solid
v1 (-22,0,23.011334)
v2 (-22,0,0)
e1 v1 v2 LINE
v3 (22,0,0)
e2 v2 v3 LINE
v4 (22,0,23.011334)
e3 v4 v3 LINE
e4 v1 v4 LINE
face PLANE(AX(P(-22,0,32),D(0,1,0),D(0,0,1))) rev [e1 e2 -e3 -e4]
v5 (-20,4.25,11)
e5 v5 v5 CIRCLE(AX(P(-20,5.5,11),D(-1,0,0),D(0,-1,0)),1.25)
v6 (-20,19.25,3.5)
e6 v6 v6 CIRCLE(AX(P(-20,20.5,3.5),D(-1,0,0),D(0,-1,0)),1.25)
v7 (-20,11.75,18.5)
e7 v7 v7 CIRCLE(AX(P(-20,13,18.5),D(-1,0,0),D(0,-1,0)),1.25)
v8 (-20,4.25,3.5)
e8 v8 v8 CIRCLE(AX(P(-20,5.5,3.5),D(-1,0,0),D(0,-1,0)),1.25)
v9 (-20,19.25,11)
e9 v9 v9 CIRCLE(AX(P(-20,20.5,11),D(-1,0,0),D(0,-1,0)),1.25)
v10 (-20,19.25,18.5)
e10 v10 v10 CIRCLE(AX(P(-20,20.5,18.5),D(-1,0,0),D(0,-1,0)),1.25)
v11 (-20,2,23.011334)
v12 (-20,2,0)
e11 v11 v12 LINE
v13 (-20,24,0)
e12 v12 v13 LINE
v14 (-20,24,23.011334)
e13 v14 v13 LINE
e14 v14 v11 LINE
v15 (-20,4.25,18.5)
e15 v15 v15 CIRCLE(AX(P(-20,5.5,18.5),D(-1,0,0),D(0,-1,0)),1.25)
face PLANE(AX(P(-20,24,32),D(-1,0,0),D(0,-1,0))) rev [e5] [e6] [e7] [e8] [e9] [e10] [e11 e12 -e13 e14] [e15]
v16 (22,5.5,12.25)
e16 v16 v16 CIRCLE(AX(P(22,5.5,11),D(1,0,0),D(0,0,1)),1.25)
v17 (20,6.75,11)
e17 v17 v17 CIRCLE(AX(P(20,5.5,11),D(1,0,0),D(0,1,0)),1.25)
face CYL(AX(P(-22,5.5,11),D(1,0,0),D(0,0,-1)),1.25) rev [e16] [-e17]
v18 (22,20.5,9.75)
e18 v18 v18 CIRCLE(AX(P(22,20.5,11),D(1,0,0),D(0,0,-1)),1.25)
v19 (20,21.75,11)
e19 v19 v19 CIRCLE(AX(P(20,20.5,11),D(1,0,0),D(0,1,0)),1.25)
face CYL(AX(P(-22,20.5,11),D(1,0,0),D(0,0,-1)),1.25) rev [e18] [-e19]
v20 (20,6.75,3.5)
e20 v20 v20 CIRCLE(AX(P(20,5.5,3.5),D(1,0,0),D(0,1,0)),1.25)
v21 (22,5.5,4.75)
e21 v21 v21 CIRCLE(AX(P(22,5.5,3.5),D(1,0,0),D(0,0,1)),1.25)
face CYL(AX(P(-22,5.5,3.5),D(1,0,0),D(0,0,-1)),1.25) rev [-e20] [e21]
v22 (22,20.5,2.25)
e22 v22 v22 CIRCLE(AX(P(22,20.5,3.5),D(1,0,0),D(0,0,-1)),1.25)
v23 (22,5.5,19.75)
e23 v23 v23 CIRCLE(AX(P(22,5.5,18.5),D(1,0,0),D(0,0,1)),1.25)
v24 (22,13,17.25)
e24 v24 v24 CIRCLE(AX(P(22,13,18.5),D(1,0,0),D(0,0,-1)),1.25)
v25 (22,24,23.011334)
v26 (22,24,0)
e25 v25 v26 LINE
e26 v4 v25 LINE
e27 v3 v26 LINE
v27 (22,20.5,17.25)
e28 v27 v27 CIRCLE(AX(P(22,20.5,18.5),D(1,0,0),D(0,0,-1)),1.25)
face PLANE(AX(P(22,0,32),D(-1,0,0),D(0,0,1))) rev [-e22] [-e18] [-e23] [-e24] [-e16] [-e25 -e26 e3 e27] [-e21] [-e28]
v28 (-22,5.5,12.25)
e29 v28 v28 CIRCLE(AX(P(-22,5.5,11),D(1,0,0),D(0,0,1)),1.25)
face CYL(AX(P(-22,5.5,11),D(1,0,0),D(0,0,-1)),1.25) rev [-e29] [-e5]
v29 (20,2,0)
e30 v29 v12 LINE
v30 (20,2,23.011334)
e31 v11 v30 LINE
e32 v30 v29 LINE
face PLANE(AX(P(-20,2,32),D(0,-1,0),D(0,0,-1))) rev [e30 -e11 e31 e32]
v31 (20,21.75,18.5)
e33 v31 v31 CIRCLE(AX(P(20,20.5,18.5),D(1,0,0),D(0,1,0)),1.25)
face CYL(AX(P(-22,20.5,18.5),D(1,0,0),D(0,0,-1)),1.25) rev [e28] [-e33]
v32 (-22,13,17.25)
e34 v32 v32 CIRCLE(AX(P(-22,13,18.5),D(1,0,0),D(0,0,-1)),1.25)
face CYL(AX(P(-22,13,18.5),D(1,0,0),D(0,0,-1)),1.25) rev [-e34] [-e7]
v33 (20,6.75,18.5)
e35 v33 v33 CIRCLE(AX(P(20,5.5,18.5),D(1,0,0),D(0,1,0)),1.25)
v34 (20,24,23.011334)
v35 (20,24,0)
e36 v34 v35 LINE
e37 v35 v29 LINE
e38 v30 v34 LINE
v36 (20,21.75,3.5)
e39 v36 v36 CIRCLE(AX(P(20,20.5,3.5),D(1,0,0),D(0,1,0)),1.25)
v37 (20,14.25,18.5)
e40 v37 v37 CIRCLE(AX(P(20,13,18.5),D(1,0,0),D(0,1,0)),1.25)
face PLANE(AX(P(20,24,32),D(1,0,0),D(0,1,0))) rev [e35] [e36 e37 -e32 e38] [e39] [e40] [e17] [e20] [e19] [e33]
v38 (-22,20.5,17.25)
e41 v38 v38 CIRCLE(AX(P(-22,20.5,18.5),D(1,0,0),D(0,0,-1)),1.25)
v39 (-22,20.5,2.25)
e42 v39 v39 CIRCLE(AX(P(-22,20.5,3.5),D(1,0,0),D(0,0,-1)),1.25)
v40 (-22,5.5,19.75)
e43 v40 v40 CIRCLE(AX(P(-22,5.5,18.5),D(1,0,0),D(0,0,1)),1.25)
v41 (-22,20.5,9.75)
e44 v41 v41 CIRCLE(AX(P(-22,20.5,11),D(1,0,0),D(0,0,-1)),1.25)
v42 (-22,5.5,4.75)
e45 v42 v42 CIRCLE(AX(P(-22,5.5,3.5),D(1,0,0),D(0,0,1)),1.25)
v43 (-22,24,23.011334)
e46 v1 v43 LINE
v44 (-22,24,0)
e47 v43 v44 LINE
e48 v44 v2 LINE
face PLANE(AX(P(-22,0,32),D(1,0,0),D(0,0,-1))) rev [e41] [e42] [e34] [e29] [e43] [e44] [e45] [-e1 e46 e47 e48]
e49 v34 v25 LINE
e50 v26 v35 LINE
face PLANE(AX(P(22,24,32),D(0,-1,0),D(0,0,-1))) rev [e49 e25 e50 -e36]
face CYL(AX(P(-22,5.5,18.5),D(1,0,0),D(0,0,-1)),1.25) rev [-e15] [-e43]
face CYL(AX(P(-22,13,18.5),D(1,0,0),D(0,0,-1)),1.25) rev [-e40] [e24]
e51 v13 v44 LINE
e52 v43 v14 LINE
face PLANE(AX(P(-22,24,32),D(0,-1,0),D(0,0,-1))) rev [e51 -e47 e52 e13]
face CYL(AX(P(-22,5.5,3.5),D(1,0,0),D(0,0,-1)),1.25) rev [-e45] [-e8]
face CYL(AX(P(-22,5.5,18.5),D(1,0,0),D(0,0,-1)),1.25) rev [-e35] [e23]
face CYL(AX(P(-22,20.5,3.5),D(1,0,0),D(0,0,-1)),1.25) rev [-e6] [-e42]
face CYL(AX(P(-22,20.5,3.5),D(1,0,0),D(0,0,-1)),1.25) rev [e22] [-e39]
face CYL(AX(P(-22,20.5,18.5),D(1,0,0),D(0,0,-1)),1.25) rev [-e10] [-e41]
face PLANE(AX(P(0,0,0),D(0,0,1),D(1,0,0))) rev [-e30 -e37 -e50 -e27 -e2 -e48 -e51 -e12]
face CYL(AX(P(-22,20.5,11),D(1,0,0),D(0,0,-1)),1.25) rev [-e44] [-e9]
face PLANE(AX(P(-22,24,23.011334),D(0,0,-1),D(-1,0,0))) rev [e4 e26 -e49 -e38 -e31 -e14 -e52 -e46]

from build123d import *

# Parameters (mm, degrees)
EXTRUDE_1_DEPTH     = 32
SKETCH_3_R          = 1.25
CUT_EXTRUDE_2_DEPTH = 60.464274989
SKETCH_5_R          = 2.2
CUT_EXTRUDE_3_DEPTH = 45.631827209
SKETCH_6_W          = 8.988665833
SKETCH_6_H          = 24
CUT_EXTRUDE_4_DEPTH = 60.464274989


with BuildPart() as part:
    # 草图1 → 凸台-拉伸1 (new body)
    with BuildSketch(Plane.XY):
        Polygon((-22, 0), (22, 0), (22, 24), (20, 24), (20, 2), (-20, 2), (-20, 24), (-22, 24), align=None)
    extrude(amount=EXTRUDE_1_DEPTH)

    # 草图3 → 切除-拉伸2 (cut, through all)
    with BuildSketch(Plane(origin=(22, 0, 0), x_dir=(0, 0, -1), z_dir=(1, 0, 0))):
        with Locations((-3.5, 20.5)):
            Circle(SKETCH_3_R)
        with Locations((-18.5, 20.5)):
            Circle(SKETCH_3_R)
        with Locations((-11, 20.5)):
            Circle(SKETCH_3_R)
        with Locations(Location((-3.5, 5.5, 0), (0, 0, 270))):
            Circle(SKETCH_3_R)
        with Locations(Location((-11, 5.5, 0), (0, 0, 270))):
            Circle(SKETCH_3_R)
        with Locations(Location((-18.5, 5.5, 0), (0, 0, 270))):
            Circle(SKETCH_3_R)
        with Locations((-18.5, 13)):
            Circle(SKETCH_3_R)
    extrude(amount=-CUT_EXTRUDE_2_DEPTH, mode=Mode.SUBTRACT)

    # 草图5 → 切除-拉伸3 (cut, through all)
    with BuildSketch(Plane(origin=(0, 2, 0), x_dir=(1, 0, 0), z_dir=(0, 1, 0))):
        with Locations(Location((-15, -27, 0), (0, 0, 270))):
            Circle(SKETCH_5_R)
        with Locations(Location((15, -27, 0), (0, 0, 90))):
            Circle(SKETCH_5_R)
    extrude(amount=-CUT_EXTRUDE_3_DEPTH, mode=Mode.SUBTRACT)

    # 草图6 → 切除-拉伸4 (cut, through all)
    with BuildSketch(Plane(origin=(22, 0, 0), x_dir=(0, 0, -1), z_dir=(1, 0, 0))):
        with Locations((-27.505667084, 12)):
            Rectangle(SKETCH_6_W, SKETCH_6_H)
    extrude(amount=-CUT_EXTRUDE_4_DEPTH, mode=Mode.SUBTRACT)


solid = part.part
